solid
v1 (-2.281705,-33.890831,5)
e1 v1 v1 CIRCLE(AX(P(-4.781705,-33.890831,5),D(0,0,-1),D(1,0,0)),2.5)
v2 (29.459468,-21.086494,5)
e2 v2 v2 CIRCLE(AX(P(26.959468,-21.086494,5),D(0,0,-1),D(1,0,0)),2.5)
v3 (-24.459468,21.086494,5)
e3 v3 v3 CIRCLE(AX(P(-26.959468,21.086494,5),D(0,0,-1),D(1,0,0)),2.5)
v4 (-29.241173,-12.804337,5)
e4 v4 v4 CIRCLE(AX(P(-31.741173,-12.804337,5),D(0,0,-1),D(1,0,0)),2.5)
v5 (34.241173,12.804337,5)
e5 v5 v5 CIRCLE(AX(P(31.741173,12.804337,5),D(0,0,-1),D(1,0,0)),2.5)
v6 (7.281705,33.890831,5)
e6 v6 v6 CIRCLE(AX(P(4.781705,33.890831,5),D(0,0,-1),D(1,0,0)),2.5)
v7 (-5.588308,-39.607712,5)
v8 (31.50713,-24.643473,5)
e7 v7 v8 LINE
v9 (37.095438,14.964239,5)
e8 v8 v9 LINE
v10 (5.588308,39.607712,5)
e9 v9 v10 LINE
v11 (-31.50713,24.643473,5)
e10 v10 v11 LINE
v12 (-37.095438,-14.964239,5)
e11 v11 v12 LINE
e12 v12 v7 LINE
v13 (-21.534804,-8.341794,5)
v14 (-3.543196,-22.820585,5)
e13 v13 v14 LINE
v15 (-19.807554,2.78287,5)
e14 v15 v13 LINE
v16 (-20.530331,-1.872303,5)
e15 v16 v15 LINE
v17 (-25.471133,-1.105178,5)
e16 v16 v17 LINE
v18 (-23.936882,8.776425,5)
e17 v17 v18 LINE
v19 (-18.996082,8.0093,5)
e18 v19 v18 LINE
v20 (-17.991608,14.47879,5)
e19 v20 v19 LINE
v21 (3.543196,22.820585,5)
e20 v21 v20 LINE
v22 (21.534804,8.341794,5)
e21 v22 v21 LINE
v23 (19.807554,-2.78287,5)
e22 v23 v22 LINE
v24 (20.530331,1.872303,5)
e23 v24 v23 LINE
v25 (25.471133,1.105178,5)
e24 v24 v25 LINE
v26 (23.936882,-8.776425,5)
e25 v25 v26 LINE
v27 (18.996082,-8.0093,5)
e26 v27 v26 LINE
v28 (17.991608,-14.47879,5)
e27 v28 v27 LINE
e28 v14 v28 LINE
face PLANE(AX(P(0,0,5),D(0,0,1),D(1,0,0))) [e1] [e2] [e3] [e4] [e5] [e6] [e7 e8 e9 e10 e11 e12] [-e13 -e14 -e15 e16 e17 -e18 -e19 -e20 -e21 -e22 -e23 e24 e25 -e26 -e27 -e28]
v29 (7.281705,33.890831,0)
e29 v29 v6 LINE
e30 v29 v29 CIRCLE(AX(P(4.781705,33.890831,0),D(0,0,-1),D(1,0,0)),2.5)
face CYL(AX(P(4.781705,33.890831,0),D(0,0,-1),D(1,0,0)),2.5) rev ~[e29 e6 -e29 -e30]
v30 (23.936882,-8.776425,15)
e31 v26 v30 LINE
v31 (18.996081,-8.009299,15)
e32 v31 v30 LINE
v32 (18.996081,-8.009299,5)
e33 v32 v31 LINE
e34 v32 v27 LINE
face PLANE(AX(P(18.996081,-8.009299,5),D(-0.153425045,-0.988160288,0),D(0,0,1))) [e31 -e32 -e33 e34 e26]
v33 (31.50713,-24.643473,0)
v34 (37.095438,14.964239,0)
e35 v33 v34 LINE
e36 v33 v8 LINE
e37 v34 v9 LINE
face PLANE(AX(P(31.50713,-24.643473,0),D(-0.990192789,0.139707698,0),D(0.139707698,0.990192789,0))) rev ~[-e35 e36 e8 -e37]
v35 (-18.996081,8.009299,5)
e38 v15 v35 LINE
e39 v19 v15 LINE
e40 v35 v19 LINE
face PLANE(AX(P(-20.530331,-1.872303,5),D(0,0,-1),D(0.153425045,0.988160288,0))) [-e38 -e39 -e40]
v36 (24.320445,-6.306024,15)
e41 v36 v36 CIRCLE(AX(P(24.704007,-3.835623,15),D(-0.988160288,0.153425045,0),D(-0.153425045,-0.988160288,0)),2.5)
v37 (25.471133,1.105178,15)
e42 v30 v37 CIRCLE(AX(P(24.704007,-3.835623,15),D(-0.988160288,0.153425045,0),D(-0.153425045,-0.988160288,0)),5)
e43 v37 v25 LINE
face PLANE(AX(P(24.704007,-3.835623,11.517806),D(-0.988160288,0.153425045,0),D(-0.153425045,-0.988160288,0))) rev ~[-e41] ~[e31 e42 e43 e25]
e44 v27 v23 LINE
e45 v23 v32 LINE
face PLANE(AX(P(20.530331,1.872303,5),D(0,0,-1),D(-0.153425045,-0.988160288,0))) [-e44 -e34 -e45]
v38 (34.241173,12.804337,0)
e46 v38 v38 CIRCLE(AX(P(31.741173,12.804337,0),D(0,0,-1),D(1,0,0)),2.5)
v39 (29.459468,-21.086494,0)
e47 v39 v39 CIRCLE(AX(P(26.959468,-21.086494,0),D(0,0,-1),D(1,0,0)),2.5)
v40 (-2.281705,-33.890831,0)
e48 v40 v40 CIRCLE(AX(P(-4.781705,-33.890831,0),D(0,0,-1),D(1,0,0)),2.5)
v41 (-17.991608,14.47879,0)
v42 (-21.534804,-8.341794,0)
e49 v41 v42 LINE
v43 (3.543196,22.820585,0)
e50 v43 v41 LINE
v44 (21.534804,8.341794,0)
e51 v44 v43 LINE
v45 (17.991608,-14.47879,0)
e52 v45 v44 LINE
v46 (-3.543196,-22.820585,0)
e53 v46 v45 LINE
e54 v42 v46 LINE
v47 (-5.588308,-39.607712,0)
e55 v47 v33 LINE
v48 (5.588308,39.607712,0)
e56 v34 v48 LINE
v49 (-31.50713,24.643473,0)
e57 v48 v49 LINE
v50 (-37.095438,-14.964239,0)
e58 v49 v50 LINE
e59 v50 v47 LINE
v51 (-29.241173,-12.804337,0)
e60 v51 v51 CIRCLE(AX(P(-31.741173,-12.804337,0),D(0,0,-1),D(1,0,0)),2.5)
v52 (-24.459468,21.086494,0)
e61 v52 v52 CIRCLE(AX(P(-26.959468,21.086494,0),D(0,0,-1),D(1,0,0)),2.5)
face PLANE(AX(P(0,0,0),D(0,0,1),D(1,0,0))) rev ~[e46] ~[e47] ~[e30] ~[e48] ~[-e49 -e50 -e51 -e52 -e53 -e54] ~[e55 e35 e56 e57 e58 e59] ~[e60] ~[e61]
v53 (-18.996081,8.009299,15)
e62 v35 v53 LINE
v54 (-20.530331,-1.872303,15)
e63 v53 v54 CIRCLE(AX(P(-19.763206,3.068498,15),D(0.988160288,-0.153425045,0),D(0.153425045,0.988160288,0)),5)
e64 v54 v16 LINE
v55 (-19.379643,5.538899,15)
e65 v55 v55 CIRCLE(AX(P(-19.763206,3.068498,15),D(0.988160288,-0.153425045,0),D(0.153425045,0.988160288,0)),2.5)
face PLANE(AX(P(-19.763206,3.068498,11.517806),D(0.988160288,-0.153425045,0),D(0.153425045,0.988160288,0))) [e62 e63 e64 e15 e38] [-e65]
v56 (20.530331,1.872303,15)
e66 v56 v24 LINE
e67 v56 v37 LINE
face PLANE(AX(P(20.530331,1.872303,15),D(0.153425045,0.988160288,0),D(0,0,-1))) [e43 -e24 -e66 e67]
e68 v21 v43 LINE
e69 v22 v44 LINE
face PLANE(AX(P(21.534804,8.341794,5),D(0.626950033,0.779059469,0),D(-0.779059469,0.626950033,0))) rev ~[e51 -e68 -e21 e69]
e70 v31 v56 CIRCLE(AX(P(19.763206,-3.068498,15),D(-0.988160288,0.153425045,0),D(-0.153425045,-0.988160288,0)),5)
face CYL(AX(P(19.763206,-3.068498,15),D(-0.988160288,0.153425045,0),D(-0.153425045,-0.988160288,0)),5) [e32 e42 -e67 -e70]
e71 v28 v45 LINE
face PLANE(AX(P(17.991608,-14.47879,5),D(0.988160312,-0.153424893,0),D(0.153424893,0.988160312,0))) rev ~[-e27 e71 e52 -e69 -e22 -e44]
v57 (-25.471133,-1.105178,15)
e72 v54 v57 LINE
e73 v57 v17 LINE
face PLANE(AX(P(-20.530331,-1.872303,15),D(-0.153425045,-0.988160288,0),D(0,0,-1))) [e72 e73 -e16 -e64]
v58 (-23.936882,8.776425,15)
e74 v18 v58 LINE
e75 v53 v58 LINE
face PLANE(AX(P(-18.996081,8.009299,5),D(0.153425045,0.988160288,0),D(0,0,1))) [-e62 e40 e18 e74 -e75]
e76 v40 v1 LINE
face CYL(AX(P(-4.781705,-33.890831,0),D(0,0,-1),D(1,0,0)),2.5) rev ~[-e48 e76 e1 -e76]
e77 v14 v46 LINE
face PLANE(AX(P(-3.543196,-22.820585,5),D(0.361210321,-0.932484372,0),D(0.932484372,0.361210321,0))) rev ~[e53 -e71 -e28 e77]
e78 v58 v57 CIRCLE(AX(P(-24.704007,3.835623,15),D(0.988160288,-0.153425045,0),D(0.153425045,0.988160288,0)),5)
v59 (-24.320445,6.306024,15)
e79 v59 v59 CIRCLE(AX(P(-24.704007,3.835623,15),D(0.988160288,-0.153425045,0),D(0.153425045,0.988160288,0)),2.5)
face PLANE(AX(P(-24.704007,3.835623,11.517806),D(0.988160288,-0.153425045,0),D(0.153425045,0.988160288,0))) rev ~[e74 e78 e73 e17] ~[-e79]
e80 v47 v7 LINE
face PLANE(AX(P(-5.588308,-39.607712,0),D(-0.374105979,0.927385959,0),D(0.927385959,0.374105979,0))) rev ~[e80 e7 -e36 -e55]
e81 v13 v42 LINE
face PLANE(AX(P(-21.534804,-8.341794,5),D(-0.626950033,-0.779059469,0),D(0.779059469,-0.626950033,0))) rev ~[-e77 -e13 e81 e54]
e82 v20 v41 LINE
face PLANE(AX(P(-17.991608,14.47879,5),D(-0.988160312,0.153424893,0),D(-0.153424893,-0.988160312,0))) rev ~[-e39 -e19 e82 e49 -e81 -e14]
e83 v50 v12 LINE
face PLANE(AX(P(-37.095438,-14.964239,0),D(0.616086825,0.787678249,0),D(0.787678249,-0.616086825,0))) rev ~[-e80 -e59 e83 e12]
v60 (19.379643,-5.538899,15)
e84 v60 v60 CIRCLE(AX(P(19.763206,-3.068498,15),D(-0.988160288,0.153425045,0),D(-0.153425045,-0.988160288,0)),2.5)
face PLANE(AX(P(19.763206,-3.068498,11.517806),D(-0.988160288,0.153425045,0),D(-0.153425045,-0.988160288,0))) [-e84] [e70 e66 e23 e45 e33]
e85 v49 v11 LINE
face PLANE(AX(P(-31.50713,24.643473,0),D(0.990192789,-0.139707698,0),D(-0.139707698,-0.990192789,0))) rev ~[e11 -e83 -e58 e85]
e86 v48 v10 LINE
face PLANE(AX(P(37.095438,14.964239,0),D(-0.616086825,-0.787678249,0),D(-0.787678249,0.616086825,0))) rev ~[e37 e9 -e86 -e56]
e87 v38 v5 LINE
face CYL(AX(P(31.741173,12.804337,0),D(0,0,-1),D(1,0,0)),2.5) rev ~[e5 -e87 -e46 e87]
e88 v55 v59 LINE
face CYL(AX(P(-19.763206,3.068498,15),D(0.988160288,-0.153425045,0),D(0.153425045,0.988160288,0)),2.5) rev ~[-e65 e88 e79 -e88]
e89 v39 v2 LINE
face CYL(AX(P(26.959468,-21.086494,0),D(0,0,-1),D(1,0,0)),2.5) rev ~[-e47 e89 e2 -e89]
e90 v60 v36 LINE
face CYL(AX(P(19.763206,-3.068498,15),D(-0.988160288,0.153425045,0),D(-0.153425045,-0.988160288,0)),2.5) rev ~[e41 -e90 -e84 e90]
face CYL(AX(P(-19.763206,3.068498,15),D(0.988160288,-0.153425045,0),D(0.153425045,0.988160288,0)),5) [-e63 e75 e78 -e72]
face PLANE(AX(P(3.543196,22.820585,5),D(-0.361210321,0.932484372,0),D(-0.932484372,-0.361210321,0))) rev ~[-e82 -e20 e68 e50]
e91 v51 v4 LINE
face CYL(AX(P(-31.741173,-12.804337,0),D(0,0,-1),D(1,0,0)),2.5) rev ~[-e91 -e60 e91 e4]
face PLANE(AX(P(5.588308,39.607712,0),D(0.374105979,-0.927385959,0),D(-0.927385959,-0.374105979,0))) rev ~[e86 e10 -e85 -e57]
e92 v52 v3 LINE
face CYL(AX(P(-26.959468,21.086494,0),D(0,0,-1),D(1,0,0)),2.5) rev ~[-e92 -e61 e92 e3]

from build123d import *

# Parameters (mm, degrees)
F1_DEPTH  = 5
F2_R      = 2.5
F3_DEPTH  = 25
F5_DEPTH  = 6
F7_DEPTH  = 5
F8_R      = 2.5
F9_DEPTH  = 25
F10_R     = 2.5
F11_DEPTH = 5


with BuildPart() as f1:
    # F0 (on Top) → F1 (new body)
    with BuildSketch(Plane.XY):
        Polygon((31.50713, -24.643473), (37.095438, 14.964239), (5.588308, 39.607712), (-31.50713, 24.643473), (-37.095438, -14.964239), (-5.588308, -39.607712), align=None)
    extrude(amount=F1_DEPTH)

    # F2 (on face) → F3 (cut)
    with BuildSketch(Plane(origin=(0, 0, 0), x_dir=(1, 0, 0), z_dir=(0, 0, -1))):
        with Locations((31.741173, -12.804337)):
            Circle(F2_R)
        with Locations((4.781705, -33.890831)):
            Circle(F2_R)
        with Locations((-26.959468, -21.086494)):
            Circle(F2_R)
        with Locations((-31.741173, 12.804337)):
            Circle(F2_R)
        with Locations((-4.781705, 33.890831)):
            Circle(F2_R)
        with Locations((26.959468, 21.086494)):
            Circle(F2_R)
    extrude(amount=-F3_DEPTH, mode=Mode.SUBTRACT)

    # F4 (on face) → F5 (cut)
    with BuildSketch(Plane.XY.offset(5)):
        Polygon((17.991608, -14.47879), (21.534804, 8.341794), (3.543196, 22.820585), (-17.991608, 14.47879), (-21.534804, -8.341794), (-3.543196, -22.820585), align=None)
    extrude(amount=-F5_DEPTH, mode=Mode.SUBTRACT)

    # F6 (on face) → F7 (join)
    with BuildSketch(Plane(origin=(-19.763206, 3.068498, 0), x_dir=(0.153425, 0.98816, 0), z_dir=(0.98816, -0.153425, 0))):
        with BuildLine():
            Line((-5, 15), (-5, 5))
            Line((-5, 5), (5, 5))
            Line((5, 5), (5, 15))
            ThreePointArc((5, 15), (0, 20), (-5, 15))
        make_face()
    extrude(amount=-F7_DEPTH)

    # F8 (on face) → F9 (cut)
    with BuildSketch(Plane(origin=(-19.763206, 3.068498, 0), x_dir=(0.153425, 0.98816, 0), z_dir=(0.98816, -0.153425, 0))):
        with Locations((0, 15)):
            Circle(F8_R)
    extrude(amount=-F9_DEPTH, mode=Mode.SUBTRACT)

    # F10 (on face) → F11 (join)
    with BuildSketch(Plane(origin=(19.763206, -3.068498, 0), x_dir=(-0.153425, -0.98816, 0), z_dir=(-0.98816, 0.153425, 0))):
        with BuildLine():
            Line((-5, 15), (-5, 5))
            Line((-5, 5), (5, 5))
            Line((5, 5), (5, 15))
            ThreePointArc((5, 15), (0, 20), (-5, 15))
        make_face()
        with Locations((0, 15)):
            Circle(F10_R, mode=Mode.SUBTRACT)
    extrude(amount=-F11_DEPTH)


solid = f1.part
